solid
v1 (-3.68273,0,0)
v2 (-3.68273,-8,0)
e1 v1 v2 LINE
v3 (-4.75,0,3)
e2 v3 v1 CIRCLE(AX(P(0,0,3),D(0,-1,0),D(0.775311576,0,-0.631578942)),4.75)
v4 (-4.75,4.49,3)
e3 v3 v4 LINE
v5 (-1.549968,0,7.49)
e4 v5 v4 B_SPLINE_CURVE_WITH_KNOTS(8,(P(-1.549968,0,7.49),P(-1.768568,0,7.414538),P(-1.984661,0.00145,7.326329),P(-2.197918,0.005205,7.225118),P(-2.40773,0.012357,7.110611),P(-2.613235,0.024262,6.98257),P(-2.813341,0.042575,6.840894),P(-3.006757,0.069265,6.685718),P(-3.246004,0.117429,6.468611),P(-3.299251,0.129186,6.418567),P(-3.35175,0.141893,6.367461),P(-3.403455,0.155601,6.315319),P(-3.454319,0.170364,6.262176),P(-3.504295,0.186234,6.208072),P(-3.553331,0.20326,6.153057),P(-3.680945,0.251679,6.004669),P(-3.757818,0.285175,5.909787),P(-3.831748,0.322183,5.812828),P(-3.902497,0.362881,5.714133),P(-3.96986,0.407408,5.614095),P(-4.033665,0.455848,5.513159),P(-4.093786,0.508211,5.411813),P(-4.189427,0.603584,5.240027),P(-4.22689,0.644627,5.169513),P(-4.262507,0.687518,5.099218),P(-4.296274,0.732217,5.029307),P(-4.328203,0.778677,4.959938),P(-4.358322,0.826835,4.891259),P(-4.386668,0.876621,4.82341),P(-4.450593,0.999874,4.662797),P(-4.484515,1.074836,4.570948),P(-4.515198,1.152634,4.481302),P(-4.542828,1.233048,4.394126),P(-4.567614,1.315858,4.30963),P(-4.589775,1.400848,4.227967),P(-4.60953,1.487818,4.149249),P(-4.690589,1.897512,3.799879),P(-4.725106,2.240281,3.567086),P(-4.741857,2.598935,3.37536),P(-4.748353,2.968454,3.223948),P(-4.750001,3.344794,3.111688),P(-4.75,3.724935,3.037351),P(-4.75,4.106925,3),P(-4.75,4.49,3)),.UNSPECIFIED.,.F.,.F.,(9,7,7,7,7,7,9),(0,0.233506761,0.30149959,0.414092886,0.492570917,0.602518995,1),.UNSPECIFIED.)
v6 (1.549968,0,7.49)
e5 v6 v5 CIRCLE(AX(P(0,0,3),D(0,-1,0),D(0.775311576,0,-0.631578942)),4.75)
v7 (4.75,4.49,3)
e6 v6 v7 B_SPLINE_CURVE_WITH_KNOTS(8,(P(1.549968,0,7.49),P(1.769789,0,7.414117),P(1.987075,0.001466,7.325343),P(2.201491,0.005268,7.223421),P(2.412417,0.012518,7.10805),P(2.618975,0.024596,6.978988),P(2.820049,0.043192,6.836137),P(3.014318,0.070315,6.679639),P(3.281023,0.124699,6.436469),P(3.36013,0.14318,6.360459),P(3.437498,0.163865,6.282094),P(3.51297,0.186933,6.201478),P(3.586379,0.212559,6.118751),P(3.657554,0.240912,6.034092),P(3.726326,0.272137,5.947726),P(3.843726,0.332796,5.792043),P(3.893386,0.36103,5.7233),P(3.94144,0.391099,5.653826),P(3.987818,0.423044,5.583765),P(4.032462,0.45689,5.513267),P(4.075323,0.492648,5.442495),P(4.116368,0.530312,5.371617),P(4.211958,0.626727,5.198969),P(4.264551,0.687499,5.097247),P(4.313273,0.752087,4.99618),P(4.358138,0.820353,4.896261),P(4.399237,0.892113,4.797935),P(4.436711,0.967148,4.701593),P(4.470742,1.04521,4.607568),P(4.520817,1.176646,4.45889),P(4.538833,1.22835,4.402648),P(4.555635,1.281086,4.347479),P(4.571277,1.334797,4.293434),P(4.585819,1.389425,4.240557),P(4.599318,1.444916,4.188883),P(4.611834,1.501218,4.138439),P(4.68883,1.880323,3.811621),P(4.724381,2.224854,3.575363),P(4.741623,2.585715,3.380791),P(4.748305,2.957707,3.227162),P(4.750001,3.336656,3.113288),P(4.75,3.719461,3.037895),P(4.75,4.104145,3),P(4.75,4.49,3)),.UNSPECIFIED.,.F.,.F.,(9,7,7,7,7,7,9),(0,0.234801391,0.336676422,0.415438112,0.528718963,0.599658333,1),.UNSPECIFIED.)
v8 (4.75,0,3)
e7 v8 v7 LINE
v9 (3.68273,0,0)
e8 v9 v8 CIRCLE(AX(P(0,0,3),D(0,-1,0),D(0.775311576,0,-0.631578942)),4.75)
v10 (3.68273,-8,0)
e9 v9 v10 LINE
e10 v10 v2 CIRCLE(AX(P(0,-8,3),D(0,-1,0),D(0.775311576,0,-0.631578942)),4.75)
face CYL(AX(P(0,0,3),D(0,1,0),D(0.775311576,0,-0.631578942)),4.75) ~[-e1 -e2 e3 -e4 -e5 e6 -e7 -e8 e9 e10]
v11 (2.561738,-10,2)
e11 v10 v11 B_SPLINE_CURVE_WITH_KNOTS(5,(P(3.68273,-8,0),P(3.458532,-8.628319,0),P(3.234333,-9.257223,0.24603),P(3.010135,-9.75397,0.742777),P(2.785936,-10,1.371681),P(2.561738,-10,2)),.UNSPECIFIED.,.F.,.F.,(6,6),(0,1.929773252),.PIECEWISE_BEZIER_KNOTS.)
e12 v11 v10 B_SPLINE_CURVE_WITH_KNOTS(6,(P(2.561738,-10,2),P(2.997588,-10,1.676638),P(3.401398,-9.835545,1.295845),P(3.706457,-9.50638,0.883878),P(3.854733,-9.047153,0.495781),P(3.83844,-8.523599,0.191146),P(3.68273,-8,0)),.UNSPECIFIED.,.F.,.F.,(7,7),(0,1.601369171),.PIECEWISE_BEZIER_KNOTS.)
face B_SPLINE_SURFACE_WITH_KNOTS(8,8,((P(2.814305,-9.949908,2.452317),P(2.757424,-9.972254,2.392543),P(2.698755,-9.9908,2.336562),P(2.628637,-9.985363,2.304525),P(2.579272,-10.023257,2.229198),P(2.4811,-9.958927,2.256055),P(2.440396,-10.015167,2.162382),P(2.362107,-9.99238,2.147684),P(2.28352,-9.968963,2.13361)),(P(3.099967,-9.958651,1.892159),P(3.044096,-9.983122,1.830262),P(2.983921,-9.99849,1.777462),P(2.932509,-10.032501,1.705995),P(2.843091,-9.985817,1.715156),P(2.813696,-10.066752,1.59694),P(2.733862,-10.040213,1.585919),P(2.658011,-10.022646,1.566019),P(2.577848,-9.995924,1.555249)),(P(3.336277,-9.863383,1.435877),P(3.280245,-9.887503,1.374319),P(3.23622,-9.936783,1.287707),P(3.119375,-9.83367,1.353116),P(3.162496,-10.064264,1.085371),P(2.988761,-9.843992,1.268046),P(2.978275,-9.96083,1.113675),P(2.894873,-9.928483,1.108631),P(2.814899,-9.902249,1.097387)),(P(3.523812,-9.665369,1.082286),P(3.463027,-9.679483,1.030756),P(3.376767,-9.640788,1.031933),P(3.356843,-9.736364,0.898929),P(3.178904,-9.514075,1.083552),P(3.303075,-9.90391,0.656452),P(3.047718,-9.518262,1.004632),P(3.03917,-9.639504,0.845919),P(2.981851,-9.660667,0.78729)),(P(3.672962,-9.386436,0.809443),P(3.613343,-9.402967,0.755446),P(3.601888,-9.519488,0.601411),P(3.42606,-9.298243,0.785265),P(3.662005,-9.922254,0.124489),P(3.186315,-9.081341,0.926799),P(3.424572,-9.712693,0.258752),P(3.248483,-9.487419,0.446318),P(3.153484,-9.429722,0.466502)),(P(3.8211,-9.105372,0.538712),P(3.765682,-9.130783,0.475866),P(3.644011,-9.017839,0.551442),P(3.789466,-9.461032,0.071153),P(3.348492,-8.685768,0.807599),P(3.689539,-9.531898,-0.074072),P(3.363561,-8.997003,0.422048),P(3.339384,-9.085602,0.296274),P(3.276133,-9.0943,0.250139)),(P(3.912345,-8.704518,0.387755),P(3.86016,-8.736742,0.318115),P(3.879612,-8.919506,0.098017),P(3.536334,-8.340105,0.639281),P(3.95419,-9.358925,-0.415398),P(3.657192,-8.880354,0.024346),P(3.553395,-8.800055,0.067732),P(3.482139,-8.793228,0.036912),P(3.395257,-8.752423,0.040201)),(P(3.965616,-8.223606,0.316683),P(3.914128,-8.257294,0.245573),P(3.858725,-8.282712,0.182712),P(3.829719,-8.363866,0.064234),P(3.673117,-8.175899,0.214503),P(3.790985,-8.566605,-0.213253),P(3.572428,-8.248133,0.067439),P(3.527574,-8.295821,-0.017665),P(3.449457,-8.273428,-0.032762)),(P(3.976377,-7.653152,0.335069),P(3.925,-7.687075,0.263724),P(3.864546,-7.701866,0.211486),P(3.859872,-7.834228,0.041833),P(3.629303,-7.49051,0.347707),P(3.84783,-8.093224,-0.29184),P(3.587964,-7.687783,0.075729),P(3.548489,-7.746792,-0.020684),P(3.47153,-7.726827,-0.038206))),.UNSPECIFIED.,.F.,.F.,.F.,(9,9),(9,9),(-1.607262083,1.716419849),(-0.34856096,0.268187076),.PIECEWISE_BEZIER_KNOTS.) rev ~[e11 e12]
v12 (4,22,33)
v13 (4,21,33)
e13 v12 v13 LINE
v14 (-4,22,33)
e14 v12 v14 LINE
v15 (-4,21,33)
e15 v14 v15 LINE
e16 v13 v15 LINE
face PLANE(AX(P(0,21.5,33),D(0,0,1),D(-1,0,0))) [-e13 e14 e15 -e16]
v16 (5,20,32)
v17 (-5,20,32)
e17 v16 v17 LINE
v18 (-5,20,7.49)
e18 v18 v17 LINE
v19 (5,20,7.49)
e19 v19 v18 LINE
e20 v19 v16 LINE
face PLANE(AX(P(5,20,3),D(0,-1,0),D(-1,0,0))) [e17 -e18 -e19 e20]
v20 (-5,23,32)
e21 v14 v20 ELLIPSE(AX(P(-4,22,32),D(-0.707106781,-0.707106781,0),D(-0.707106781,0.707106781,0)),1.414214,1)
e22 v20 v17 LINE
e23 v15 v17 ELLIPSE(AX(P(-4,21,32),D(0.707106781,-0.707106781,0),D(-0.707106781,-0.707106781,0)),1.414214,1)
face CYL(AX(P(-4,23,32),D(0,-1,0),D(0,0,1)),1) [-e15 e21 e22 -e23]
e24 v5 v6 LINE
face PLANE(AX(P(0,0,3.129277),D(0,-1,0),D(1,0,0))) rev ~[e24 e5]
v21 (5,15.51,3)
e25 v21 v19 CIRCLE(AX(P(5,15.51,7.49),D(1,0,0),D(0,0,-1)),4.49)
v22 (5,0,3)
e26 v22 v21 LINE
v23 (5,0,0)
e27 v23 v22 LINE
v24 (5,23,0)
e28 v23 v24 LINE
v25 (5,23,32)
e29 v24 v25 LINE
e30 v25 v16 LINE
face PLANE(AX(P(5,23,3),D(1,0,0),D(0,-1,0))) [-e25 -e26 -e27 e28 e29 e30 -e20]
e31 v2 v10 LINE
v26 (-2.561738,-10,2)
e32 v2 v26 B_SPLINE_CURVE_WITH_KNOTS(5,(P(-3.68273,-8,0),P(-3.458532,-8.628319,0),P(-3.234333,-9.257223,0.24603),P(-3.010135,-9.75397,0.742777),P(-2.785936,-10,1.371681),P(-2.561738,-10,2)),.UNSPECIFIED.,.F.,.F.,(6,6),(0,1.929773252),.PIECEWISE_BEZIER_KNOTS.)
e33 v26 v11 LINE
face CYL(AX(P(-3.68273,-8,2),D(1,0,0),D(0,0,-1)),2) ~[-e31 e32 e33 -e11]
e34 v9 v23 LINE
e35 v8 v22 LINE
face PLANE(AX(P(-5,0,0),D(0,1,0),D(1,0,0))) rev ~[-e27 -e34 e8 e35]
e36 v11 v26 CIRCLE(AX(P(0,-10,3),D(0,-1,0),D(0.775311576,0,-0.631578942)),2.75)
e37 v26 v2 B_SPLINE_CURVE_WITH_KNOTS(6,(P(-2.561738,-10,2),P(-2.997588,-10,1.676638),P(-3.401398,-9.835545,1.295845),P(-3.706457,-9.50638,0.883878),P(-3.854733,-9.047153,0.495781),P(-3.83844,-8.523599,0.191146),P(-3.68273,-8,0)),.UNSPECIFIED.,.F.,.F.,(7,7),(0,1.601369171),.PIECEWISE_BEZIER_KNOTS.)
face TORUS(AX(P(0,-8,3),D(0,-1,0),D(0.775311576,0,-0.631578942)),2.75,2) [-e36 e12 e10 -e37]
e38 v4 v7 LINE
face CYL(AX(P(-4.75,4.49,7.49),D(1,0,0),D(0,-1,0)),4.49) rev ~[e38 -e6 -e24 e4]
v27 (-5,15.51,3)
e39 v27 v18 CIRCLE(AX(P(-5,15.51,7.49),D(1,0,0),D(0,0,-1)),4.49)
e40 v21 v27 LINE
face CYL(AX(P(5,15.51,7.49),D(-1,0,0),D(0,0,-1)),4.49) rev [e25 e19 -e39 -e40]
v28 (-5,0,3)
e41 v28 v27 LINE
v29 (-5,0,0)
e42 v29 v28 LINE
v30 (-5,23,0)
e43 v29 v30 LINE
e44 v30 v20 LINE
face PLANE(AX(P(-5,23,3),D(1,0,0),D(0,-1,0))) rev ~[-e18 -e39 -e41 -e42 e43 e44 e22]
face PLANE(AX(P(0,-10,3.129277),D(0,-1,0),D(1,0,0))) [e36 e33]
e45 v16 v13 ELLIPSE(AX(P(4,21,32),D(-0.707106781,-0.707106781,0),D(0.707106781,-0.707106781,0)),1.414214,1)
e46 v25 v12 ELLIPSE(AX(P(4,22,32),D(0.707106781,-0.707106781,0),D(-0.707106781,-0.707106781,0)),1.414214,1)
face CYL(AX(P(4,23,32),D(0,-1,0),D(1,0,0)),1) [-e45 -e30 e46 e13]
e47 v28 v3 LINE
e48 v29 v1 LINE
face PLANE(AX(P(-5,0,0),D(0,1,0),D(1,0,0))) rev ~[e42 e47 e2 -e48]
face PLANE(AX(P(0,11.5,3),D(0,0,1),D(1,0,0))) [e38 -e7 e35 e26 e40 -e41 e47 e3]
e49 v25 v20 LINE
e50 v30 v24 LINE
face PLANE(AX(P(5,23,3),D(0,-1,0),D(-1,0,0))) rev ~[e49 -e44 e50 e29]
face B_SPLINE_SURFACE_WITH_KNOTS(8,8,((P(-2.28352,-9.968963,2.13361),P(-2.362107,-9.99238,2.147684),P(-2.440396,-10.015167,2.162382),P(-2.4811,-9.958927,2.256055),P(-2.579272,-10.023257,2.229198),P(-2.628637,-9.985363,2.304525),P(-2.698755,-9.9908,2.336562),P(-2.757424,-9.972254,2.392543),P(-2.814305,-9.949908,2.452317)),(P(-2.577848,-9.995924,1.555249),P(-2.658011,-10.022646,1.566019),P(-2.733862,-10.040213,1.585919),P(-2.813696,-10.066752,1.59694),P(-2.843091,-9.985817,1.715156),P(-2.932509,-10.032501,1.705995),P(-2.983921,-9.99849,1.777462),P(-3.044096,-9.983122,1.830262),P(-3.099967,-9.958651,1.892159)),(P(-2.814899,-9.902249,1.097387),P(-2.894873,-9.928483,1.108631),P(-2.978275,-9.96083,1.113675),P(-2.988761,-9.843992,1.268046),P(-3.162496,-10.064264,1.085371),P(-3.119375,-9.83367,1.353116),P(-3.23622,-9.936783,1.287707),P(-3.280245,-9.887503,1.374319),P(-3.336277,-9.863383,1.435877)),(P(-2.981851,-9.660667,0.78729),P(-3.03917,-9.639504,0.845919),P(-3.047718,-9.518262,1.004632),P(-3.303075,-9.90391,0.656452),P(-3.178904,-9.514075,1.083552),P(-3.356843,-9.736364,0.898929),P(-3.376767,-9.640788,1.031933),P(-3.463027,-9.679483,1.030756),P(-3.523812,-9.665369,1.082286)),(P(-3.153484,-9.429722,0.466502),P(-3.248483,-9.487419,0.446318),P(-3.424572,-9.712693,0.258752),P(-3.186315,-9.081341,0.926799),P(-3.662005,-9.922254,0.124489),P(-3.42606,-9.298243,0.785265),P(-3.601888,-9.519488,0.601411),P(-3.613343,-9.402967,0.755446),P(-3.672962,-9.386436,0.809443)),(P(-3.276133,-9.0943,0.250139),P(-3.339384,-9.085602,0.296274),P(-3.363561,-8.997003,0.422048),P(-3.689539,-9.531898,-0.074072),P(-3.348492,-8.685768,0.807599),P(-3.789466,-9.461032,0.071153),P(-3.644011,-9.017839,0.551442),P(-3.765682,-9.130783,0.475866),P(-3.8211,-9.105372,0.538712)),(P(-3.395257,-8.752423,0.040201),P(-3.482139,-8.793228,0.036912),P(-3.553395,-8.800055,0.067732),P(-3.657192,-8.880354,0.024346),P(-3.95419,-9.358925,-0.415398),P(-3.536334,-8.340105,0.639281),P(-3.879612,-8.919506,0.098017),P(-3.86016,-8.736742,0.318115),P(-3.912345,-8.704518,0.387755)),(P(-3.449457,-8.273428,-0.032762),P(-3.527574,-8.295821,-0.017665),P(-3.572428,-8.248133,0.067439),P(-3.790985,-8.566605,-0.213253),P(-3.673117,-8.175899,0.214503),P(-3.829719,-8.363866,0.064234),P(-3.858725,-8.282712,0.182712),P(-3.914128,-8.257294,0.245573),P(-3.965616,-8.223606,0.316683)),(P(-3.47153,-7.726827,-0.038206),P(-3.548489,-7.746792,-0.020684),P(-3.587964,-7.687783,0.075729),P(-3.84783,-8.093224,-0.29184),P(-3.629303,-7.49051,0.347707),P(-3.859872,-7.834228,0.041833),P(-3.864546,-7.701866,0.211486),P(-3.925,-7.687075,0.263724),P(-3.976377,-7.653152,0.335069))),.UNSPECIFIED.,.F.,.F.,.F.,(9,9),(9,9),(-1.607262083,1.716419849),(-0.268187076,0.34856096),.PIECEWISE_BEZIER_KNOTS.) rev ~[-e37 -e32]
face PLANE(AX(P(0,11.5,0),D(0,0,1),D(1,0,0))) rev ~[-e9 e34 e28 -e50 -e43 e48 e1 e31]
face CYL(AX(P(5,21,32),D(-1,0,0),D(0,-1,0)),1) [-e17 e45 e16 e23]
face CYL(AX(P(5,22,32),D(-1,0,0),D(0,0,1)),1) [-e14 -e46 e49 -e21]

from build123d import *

# Parameters (mm, degrees)
PAD_DEPTH    = 10
SKETCH001_W  = 10
SKETCH001_H  = 23
PAD001_DEPTH = 3
SKETCH002_W  = 10
SKETCH002_H  = 3
PAD002_DEPTH = 30
FILLET_R     = 4.49
FILLET001_R  = 1
FILLET002_R  = 2


with BuildPart() as part:
    # Sketch → Pad (new body)
    with BuildSketch(Plane.XZ):
        with BuildLine():
            ThreePointArc((3.68273, 0), (0, 7.75), (-3.68273, 0))
            Line((-3.68273, 0), (3.68273, 0))
        make_face()
    extrude(amount=PAD_DEPTH)

    # Sketch001 → Pad001 (join)
    with BuildSketch(Plane.XY):
        with Locations((0, 11.5)):
            Rectangle(SKETCH001_W, SKETCH001_H)
    extrude(amount=PAD001_DEPTH)

    # Sketch002 (on Face7 of Pad001) → Pad002 (join)
    with BuildSketch(Plane(origin=(0, 0, 3), x_dir=(-1, 0, 0), z_dir=(0, 0, 1))):
        with Locations((0, -21.5)):
            Rectangle(SKETCH002_W, SKETCH002_H)
    extrude(amount=PAD002_DEPTH)

    # Fillet
    fillet_edges = [part.edges().sort_by_distance(p)[0] for p in [
        (0, 20, 3),
        (0, 0, 3),
    ]]
    fillet(fillet_edges, radius=FILLET_R)

    # Fillet001
    fillet001_edges = [part.edges().sort_by_distance(p)[0] for p in [
        (5, 21.5, 33),
        (0, 23, 33),
        (-5, 21.5, 33),
        (0, 20, 33),
    ]]
    fillet(fillet001_edges, radius=FILLET001_R)

    # Fillet002
    fillet002_edges = [part.edges().sort_by_distance(p)[0] for p in [
        (0, -10, 0),
        (0, -10, 7.75),
    ]]
    fillet(fillet002_edges, radius=FILLET002_R)


solid = part.part
